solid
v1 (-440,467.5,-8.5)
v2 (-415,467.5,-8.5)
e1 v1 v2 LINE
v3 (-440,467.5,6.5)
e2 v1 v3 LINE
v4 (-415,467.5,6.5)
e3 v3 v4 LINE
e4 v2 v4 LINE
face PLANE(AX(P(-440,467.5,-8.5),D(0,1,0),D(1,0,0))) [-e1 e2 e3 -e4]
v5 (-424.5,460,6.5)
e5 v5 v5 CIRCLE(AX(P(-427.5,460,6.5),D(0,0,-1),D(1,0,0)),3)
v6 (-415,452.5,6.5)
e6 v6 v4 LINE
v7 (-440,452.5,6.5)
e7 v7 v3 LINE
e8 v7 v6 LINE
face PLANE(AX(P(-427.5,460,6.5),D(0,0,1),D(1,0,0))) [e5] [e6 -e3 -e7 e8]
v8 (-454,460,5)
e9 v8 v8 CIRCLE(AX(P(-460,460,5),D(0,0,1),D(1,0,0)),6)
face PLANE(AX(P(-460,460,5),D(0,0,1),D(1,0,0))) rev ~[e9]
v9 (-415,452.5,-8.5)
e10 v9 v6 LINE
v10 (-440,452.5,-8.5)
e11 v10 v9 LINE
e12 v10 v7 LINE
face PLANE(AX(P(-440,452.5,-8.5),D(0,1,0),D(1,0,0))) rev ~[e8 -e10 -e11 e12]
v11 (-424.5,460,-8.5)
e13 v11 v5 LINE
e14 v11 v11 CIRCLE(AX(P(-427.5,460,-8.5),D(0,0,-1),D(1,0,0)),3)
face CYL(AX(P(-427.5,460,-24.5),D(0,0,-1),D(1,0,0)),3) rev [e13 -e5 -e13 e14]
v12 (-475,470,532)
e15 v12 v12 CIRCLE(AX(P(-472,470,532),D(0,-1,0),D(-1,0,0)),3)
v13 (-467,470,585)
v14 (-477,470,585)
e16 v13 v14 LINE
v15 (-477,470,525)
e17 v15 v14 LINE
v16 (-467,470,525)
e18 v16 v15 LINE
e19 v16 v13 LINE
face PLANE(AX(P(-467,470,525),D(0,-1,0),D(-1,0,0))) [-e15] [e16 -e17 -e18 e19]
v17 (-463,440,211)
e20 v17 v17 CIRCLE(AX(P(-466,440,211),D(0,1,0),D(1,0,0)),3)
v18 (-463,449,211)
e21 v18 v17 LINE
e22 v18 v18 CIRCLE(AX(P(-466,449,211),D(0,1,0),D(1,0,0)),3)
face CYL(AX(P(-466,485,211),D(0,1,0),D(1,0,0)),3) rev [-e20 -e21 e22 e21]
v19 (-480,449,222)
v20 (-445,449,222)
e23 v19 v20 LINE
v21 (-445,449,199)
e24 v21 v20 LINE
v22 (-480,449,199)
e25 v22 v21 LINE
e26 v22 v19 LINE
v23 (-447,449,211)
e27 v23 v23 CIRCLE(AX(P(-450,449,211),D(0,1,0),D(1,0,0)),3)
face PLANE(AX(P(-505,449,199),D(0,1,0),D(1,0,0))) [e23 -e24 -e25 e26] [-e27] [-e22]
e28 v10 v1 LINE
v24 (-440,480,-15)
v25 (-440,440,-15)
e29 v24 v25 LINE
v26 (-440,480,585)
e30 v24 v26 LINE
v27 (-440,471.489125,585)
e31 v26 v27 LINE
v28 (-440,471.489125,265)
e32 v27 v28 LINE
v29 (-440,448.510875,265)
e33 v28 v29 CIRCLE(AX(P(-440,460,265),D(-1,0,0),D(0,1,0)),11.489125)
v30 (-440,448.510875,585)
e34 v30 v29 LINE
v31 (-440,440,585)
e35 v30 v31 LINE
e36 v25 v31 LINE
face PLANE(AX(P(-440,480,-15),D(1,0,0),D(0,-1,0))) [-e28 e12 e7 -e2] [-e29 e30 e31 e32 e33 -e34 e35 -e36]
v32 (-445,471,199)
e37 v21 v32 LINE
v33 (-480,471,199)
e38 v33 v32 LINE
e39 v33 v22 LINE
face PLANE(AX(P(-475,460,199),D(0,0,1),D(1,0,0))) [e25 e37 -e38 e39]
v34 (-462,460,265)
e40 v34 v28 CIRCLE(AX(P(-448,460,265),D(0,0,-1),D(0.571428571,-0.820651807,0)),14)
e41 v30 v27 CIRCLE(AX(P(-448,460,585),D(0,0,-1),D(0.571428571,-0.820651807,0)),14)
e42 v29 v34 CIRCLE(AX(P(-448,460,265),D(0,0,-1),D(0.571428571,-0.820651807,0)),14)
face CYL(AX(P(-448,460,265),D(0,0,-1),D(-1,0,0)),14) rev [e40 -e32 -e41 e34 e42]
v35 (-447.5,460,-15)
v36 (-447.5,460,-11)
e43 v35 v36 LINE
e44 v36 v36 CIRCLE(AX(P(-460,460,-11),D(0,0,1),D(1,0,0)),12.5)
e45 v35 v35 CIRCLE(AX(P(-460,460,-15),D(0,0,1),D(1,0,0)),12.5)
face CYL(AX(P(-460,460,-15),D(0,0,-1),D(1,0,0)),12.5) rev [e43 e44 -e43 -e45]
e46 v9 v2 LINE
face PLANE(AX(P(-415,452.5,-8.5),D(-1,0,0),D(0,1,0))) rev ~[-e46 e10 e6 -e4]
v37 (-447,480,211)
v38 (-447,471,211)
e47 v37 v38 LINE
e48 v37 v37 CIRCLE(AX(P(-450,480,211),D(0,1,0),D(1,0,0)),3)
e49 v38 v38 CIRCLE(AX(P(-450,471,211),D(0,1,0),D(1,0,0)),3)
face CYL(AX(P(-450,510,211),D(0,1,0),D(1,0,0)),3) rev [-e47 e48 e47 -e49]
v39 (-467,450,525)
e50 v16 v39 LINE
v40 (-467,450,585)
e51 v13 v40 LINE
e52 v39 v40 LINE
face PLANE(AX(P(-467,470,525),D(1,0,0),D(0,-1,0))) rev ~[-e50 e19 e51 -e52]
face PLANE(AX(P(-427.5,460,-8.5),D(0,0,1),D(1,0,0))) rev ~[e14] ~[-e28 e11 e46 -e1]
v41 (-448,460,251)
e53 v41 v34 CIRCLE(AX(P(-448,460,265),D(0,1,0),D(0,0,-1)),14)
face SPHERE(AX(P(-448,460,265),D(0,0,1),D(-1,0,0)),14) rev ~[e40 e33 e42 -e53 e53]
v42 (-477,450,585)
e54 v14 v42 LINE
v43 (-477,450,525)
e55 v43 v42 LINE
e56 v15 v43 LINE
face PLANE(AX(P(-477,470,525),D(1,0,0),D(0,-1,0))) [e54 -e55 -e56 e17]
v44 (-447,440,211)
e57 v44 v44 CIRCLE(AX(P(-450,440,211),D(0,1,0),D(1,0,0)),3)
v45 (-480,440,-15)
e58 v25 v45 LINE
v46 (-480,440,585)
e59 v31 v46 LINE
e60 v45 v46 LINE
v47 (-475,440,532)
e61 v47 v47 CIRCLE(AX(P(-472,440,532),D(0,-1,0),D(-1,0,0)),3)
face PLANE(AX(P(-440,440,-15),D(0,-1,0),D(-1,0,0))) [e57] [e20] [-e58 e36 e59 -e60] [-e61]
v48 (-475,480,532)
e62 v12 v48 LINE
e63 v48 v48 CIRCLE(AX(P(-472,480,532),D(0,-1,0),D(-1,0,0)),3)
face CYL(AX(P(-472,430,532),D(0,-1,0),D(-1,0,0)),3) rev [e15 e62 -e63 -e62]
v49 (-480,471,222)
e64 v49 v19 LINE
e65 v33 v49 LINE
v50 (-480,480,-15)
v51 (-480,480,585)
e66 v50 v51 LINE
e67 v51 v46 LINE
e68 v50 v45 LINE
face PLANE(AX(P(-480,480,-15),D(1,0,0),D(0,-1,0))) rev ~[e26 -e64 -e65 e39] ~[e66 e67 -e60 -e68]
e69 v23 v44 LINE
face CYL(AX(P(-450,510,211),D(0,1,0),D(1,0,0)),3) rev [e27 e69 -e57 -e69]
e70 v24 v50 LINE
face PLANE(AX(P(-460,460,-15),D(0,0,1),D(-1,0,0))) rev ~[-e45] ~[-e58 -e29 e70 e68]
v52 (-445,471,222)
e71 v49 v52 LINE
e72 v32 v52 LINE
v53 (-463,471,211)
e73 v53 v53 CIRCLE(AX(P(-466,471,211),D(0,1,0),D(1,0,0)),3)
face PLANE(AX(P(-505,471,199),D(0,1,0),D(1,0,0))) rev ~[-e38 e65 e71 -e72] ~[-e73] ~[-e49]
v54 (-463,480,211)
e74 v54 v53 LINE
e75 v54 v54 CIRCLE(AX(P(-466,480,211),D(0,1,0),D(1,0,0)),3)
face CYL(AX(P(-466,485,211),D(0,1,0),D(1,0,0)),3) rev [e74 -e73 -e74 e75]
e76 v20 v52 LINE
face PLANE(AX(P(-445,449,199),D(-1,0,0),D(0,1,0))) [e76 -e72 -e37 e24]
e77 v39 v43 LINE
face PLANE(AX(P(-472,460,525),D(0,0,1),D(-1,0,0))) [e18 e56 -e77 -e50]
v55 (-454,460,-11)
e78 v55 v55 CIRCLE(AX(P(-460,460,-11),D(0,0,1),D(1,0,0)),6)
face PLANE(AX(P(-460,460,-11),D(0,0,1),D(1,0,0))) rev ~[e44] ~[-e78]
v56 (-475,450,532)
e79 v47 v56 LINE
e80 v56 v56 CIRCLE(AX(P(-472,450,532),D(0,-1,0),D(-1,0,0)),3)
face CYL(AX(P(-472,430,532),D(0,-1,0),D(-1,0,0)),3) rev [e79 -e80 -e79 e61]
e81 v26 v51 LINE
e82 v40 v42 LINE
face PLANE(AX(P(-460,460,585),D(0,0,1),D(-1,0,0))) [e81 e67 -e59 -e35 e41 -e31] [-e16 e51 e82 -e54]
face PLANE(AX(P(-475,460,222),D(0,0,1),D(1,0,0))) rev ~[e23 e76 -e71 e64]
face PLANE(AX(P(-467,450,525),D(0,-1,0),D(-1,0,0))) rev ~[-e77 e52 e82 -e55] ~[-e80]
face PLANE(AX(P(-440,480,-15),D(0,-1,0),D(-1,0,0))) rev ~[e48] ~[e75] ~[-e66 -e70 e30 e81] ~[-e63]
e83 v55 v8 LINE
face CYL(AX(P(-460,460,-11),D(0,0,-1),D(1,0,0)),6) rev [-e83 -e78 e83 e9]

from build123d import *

# Parameters (mm, degrees)
CYLINDER265_R          = 3
CYLINDER265_DEPTH      = 50
CYLINDER265_ROLL_ANGLE = 90
BOX129_W               = 60
BOX129_H               = 22
BOX129_DEPTH           = 23
CYLINDER193_R          = 3
CYLINDER193_DEPTH      = 100
CYLINDER193_ROLL_ANGLE = 90
CYLINDER188_R          = 3
CYLINDER188_DEPTH      = 65
BOX117_W               = 25
BOX117_H               = 15
BOX117_DEPTH           = 15
CYLINDER186_R          = 6
CYLINDER186_DEPTH      = 16
CYLINDER187_R          = 12.5
CYLINDER187_DEPTH      = 4
CYLINDER185_R          = 3
CYLINDER185_DEPTH      = 60
CYLINDER185_ROLL_ANGLE = 90
BOX116_W               = 10
BOX116_H               = 20
BOX116_DEPTH           = 60
CYLINDER184_R          = 14
CYLINDER184_DEPTH      = 320
BOX115_W               = 40
BOX115_H               = 40
BOX115_DEPTH           = 600
CUT233_PLACEMENT_ANGLE = 180


with BuildPart() as agujero_reposapies004:
    # Cylinder265 → Cylinder265 (new body)
    with BuildSketch(Plane.XY):
        Circle(CYLINDER265_R)
    extrude(amount=CYLINDER265_DEPTH)


with BuildPart() as agujero_reposapies004_1:
    # Cylinder265 roll: moved
    add(agujero_reposapies004.part.rotate(Axis((0, 0, 0), (1, 0, 0)), CYLINDER265_ROLL_ANGLE))


with BuildPart() as agujero_reposapies004_2:
    # Cylinder265 placement: moved
    add(agujero_reposapies004_1.part.moved(Location((-466, 485, 211))))


with BuildPart() as cubo092:
    # Box129 → Box129 (new body)
    with BuildSketch(Plane(origin=(-505, 449, 199), x_dir=(1, 0, 0), z_dir=(0, 0, 1))):
        with Locations((30, 11)):
            Rectangle(BOX129_W, BOX129_H)
    extrude(amount=BOX129_DEPTH)


with BuildPart() as agujero_reposapies002:
    # Cylinder193 → Cylinder193 (new body)
    with BuildSketch(Plane.XY):
        Circle(CYLINDER193_R)
    extrude(amount=CYLINDER193_DEPTH)


with BuildPart() as agujero_reposapies002_1:
    # Cylinder193 roll: moved
    add(agujero_reposapies002.part.rotate(Axis((0, 0, 0), (1, 0, 0)), CYLINDER193_ROLL_ANGLE))


with BuildPart() as agujero_reposapies002_2:
    # Cylinder193 placement: moved
    add(agujero_reposapies002_1.part.moved(Location((-450, 50, 211))))


with BuildPart() as cilindro105:
    # Cylinder188 → Cylinder188 (new body)
    with BuildSketch(Plane(origin=(-427.5, 0, -24.5), x_dir=(1, 0, 0), z_dir=(0, 0, 1))):
        Circle(CYLINDER188_R)
    extrude(amount=CYLINDER188_DEPTH)


with BuildPart() as cut236:
    # Box117 → Box117 (new body)
    with BuildSketch(Plane(origin=(-440, -7.5, -8.5), x_dir=(1, 0, 0), z_dir=(0, 0, 1))):
        with Locations((12.5, 7.5)):
            Rectangle(BOX117_W, BOX117_H)
    extrude(amount=BOX117_DEPTH)

    # Cut236: cut Cilindro105
    add(cilindro105.part, mode=Mode.SUBTRACT)


with BuildPart() as pasador007:
    # Cylinder186 → Cylinder186 (new body)
    with BuildSketch(Plane(origin=(-460, 0, -11), x_dir=(1, 0, 0), z_dir=(0, 0, 1))):
        Circle(CYLINDER186_R)
    extrude(amount=CYLINDER186_DEPTH)


with BuildPart() as rodamiento006:
    # Cylinder187 → Cylinder187 (new body)
    with BuildSketch(Plane(origin=(-460, 0, -15), x_dir=(1, 0, 0), z_dir=(0, 0, 1))):
        Circle(CYLINDER187_R)
    extrude(amount=CYLINDER187_DEPTH)


with BuildPart() as esfera_de_seguridad014:
    # Sphere017 → Sphere017 (revolve)
    with BuildSketch(Plane(origin=(8, 0, 265), x_dir=(1, 0, 0), z_dir=(0, -1, 0))):
        with BuildLine():
            ThreePointArc((0, -14), (14, 0), (0, 14))
            Line((0, 14), (0, -14))
        make_face()
    revolve(axis=Axis((8, 0, 265), (0, 0, 1)))


with BuildPart() as pasador003:
    # Cylinder185 → Cylinder185 (new body)
    with BuildSketch(Plane.XY):
        Circle(CYLINDER185_R)
    extrude(amount=CYLINDER185_DEPTH)


with BuildPart() as pasador003_1:
    # Cylinder185 roll: moved
    add(pasador003.part.rotate(Axis((0, 0, 0), (1, 0, 0)), CYLINDER185_ROLL_ANGLE))


with BuildPart() as pasador003_2:
    # Cylinder185 placement: moved
    add(pasador003_1.part.moved(Location((32, 30, 532))))


with BuildPart() as agujero_del_saliente003:
    # Box116 → Box116 (new body)
    with BuildSketch(Plane(origin=(27, -10, 525), x_dir=(1, 0, 0), z_dir=(0, 0, 1))):
        with Locations((5, 10)):
            Rectangle(BOX116_W, BOX116_H)
    extrude(amount=BOX116_DEPTH)


with BuildPart() as cilindro_de_seguridad003:
    # Cylinder184 → Cylinder184 (new body)
    with BuildSketch(Plane(origin=(8, 0, 265), x_dir=(1, 0, 0), z_dir=(0, 0, 1))):
        Circle(CYLINDER184_R)
    extrude(amount=CYLINDER184_DEPTH)


with BuildPart() as cut285:
    # Box115 → Box115 (new body)
    with BuildSketch(Plane(origin=(0, -20, -15), x_dir=(1, 0, 0), z_dir=(0, 0, 1))):
        with Locations((20, 20)):
            Rectangle(BOX115_W, BOX115_H)
    extrude(amount=BOX115_DEPTH)

    # Cut230: cut cilindro de seguridad003
    add(cilindro_de_seguridad003.part, mode=Mode.SUBTRACT)

    # Cut231: cut Agujero del saliente003
    add(agujero_del_saliente003.part, mode=Mode.SUBTRACT)

    # Cut232: cut Pasador003
    add(pasador003_2.part, mode=Mode.SUBTRACT)

    # Cut233: cut esfera de seguridad014
    add(esfera_de_seguridad014.part, mode=Mode.SUBTRACT)


with BuildPart() as cut285_1:
    # Cut233 placement: moved
    add(cut285.part.moved(Location((-440, 0, 0))).rotate(Axis((-440, 0, 0), (0, 0, 1)), CUT233_PLACEMENT_ANGLE))

    # Cut234: cut rodamiento006
    add(rodamiento006.part, mode=Mode.SUBTRACT)

    # Cut235: cut PASADOR007
    add(pasador007.part, mode=Mode.SUBTRACT)

    # Fusion057: union Cut236
    add(cut236.part)

    # Cut244: cut Agujero reposapies002
    add(agujero_reposapies002_2.part, mode=Mode.SUBTRACT)


with BuildPart() as cut285_2:
    # Cut244 placement: moved
    add(cut285_1.part.moved(Location((0, 460, 0))))

    # Cut284: cut Cubo092
    add(cubo092.part, mode=Mode.SUBTRACT)

    # Cut285: cut Agujero reposapies004
    add(agujero_reposapies004_2.part, mode=Mode.SUBTRACT)


solid = cut285_2.part
